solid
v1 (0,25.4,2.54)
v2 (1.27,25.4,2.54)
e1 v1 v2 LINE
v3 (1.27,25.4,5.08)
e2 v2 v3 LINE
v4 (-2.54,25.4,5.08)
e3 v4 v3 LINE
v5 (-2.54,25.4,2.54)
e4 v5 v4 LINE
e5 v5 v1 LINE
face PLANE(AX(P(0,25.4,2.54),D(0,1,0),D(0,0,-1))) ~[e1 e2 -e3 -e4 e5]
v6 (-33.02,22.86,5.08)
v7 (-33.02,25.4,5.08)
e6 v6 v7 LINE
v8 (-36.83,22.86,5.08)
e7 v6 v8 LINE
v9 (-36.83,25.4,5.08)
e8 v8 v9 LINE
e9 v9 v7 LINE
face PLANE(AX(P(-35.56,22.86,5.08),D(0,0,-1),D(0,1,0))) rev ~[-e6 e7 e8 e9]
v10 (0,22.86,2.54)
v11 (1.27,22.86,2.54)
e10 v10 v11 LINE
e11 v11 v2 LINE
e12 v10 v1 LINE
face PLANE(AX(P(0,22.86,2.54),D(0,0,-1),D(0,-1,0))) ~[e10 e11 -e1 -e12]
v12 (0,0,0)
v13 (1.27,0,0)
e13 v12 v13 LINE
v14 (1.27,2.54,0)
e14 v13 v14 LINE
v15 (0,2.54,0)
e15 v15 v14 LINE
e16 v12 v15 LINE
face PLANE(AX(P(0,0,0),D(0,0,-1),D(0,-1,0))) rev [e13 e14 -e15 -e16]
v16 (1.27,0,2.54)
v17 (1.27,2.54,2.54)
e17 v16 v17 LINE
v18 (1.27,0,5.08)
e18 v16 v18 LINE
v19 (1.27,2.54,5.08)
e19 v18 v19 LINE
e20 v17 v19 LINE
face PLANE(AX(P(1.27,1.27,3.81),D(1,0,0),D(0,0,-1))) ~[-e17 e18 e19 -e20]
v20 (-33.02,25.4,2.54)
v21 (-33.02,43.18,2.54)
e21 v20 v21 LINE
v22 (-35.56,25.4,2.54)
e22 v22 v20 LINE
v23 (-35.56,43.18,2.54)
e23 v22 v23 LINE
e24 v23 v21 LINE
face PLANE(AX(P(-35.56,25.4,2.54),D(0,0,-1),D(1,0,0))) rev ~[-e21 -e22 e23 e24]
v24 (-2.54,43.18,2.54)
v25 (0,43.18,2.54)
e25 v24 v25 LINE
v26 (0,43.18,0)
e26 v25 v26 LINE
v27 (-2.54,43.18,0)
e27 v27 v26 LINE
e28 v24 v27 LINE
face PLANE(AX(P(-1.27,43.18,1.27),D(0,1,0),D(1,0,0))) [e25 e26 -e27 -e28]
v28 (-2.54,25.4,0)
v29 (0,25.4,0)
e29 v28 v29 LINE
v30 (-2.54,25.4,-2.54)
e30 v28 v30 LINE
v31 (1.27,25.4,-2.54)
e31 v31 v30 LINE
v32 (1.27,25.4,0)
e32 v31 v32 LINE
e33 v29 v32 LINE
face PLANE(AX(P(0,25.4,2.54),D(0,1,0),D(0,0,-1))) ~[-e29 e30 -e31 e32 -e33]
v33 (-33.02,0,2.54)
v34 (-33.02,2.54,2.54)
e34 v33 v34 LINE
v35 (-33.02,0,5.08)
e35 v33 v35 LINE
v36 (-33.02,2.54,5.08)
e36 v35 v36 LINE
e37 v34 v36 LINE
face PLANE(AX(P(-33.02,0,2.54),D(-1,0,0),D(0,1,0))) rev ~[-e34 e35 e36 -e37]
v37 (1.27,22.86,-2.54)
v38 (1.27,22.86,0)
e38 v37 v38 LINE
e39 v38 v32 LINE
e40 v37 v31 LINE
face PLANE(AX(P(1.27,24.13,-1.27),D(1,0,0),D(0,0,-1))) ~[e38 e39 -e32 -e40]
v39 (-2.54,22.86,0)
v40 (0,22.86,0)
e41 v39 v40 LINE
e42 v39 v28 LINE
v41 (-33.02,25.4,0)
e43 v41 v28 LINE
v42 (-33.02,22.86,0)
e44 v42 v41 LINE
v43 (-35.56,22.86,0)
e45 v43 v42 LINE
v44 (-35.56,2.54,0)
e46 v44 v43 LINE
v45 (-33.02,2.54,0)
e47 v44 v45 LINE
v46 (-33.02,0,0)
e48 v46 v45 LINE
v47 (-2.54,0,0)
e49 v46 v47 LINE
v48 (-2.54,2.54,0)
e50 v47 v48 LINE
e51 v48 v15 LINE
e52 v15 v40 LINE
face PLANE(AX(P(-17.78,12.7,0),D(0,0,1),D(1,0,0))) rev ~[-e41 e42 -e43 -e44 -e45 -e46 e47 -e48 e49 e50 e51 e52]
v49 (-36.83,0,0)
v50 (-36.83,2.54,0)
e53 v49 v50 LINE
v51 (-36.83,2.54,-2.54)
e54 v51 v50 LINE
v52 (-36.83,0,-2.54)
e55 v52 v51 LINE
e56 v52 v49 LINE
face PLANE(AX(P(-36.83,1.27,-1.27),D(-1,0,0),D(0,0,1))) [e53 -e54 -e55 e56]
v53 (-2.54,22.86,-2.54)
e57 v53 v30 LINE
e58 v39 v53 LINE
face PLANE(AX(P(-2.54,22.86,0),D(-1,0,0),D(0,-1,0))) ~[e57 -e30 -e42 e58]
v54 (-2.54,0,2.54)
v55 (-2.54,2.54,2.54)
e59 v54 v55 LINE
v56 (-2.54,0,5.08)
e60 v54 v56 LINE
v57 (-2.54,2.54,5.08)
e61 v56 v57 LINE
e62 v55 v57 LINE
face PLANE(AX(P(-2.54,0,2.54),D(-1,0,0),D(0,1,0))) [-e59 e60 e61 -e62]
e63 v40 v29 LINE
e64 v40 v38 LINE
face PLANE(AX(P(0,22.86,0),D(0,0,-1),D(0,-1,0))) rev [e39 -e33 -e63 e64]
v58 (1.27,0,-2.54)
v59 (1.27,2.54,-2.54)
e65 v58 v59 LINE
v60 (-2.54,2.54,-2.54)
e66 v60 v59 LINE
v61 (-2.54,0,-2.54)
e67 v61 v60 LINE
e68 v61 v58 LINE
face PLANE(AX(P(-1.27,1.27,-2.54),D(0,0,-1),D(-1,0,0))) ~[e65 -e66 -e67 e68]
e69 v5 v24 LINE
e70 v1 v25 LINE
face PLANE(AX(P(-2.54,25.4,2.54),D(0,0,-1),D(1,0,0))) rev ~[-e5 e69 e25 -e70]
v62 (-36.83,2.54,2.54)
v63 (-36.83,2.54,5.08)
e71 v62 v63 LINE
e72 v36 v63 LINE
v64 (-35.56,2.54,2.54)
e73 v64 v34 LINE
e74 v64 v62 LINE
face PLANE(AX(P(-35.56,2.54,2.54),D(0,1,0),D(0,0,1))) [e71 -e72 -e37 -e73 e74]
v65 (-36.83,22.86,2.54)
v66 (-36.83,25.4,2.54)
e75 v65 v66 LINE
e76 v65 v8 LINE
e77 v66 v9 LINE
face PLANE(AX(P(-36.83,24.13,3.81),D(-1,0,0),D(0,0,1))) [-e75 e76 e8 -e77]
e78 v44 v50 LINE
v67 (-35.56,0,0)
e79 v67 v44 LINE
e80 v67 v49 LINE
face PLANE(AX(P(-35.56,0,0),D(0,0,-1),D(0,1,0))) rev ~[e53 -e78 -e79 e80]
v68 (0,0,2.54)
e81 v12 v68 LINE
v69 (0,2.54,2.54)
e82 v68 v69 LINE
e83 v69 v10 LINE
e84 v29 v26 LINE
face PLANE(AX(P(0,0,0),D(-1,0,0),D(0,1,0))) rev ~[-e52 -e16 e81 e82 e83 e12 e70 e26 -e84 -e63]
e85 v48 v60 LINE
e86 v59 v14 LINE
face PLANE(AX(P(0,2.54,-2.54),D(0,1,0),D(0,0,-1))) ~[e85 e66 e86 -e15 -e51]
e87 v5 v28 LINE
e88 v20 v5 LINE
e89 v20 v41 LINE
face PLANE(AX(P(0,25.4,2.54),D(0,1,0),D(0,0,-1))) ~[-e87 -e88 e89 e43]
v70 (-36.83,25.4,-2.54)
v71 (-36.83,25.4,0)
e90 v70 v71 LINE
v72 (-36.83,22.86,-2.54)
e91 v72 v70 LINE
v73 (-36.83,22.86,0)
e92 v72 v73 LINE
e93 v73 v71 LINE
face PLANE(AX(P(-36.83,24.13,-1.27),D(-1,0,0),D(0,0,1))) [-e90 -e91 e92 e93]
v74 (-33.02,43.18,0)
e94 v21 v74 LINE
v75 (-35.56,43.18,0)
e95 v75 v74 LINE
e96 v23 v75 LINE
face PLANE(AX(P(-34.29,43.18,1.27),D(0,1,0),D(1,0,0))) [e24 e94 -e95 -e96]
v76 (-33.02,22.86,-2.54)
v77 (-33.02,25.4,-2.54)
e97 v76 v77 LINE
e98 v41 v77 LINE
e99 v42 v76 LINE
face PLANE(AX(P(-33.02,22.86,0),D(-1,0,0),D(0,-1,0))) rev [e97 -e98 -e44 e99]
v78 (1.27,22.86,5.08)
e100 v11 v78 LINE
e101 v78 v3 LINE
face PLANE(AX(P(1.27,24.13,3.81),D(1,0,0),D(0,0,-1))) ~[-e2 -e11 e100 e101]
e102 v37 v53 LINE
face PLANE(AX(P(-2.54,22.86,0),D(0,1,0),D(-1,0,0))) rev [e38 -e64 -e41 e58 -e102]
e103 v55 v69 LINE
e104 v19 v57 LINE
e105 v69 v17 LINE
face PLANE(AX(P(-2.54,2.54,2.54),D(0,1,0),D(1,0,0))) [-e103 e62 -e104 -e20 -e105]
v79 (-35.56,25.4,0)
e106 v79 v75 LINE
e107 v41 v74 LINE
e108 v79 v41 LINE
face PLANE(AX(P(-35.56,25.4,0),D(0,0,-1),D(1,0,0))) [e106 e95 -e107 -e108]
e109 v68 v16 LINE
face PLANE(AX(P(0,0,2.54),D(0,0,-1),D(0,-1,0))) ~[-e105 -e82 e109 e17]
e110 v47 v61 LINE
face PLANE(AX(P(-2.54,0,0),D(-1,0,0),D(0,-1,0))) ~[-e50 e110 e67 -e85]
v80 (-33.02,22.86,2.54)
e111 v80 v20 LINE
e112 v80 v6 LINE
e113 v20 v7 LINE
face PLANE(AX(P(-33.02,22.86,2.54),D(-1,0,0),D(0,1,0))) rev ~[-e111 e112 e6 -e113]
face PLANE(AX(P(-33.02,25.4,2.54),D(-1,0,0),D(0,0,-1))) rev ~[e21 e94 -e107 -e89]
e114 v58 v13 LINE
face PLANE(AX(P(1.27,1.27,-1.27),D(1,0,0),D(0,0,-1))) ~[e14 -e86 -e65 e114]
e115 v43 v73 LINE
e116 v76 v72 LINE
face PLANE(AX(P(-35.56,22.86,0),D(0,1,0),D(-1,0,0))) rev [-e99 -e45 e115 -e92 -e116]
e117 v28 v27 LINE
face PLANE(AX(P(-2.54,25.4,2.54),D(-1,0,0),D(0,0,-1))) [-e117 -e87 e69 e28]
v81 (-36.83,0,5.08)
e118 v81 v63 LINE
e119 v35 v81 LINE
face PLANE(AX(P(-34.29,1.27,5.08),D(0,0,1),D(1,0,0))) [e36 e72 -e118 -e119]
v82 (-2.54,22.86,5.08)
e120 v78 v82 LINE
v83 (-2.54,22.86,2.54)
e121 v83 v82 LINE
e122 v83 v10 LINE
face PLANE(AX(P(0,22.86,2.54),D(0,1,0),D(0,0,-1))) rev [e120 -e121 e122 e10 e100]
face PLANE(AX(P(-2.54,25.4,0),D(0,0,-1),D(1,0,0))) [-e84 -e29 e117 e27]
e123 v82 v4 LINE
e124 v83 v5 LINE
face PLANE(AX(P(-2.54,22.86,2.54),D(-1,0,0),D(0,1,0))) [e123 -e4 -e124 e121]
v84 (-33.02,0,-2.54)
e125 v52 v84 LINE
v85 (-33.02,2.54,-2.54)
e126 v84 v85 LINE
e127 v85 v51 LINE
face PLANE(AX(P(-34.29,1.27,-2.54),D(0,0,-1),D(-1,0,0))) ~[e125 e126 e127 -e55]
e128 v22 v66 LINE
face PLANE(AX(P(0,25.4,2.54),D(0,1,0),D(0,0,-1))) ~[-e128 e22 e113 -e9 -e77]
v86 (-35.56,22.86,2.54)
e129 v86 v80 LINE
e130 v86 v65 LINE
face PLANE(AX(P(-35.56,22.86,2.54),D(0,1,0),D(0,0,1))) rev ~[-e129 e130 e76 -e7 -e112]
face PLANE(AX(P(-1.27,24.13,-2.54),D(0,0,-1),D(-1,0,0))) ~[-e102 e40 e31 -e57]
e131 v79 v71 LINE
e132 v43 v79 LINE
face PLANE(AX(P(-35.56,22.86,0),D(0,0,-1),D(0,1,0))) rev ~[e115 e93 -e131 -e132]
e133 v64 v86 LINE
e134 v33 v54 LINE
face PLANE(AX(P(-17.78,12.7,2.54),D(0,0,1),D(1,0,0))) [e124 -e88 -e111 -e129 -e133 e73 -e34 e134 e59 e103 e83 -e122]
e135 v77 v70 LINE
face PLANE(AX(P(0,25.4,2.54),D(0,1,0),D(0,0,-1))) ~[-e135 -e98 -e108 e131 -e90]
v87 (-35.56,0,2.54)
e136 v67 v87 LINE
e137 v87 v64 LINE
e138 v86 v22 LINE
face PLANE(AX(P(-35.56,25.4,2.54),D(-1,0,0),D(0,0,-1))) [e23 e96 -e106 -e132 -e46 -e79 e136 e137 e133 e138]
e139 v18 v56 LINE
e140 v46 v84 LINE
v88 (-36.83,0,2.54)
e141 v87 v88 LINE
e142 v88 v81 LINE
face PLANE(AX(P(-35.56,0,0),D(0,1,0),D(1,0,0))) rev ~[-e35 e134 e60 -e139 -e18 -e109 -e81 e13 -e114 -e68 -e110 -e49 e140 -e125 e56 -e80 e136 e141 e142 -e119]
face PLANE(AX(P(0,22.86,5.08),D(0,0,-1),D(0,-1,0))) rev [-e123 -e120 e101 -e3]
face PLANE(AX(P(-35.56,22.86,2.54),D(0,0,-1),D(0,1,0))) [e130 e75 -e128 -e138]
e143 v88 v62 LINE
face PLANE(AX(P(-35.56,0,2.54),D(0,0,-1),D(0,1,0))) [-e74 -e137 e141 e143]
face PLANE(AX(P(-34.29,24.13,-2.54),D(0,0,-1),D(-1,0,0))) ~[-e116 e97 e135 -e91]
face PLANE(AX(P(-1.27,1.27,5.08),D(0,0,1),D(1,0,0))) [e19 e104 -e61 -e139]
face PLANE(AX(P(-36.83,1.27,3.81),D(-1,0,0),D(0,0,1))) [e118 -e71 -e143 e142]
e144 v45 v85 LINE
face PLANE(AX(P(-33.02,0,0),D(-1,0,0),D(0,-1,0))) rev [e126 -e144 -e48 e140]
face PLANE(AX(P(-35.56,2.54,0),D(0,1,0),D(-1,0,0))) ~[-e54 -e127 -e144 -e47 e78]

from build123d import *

# Parameters (mm, degrees)
SKETCH1_W           = 35.56
SKETCH1_H           = 25.4
BOSS_EXTRUDE1_DEPTH = 2.54
SKETCH2_W           = 2.54
SKETCH2_H           = 2.54
BOSS_EXTRUDE2_DEPTH = 2.54
SKETCH4_W           = 2.54
SKETCH4_H           = 2.54
BOSS_EXTRUDE4_DEPTH = 1.27
SKETCH5_W           = 2.54
SKETCH5_H           = 2.54
BOSS_EXTRUDE5_DEPTH = 17.78


with BuildPart() as part:
    # Sketch1 → Boss-Extrude1 (new body)
    with BuildSketch(Plane.XY):
        with Locations((-17.78, 12.7)):
            Rectangle(SKETCH1_W, SKETCH1_H)
    extrude(amount=BOSS_EXTRUDE1_DEPTH)

    # Sketch2 → Boss-Extrude2 (add)
    with BuildSketch(Plane.XY.offset(2.54)):
        with Locations((-34.29, 24.13)):
            Rectangle(SKETCH2_W, SKETCH2_H)
        with Locations((-1.27, 24.13)):
            Rectangle(SKETCH2_W, SKETCH2_H)
        with Locations((-1.27, 1.27)):
            Rectangle(SKETCH2_W, SKETCH2_H)
        with Locations((-34.29, 1.27)):
            Rectangle(SKETCH2_W, SKETCH2_H)
    boss_extrude2 = extrude(amount=BOSS_EXTRUDE2_DEPTH)

    # Mirror1: Boss-Extrude2 across plane
    add(boss_extrude2.mirror(Plane.XY.offset(1.27)))

    # Sketch4 → Boss-Extrude4 (add)
    with BuildSketch(Plane.ZY.offset(35.56)):
        with Locations((3.81, 24.13)):
            Rectangle(SKETCH4_W, SKETCH4_H)
        with Locations((-1.27, 24.13)):
            Rectangle(SKETCH4_W, SKETCH4_H)
        with Locations((3.81, 1.27)):
            Rectangle(SKETCH4_W, SKETCH4_H)
        with Locations((-1.27, 1.27)):
            Rectangle(SKETCH4_W, SKETCH4_H)
    boss_extrude4 = extrude(amount=BOSS_EXTRUDE4_DEPTH)

    # Mirror2: Boss-Extrude4 across plane
    add(boss_extrude4.mirror(Plane.ZY.offset(17.78)))

    # Sketch5 → Boss-Extrude5 (add)
    with BuildSketch(Plane(origin=(0, 25.4, 0), x_dir=(1, 0, 0), z_dir=(0, 1, 0))):
        with Locations((-34.29, -1.27)):
            Rectangle(SKETCH5_W, SKETCH5_H)
        with Locations((-1.27, -1.27)):
            Rectangle(SKETCH5_W, SKETCH5_H)
    extrude(amount=BOSS_EXTRUDE5_DEPTH)


solid = part.part
